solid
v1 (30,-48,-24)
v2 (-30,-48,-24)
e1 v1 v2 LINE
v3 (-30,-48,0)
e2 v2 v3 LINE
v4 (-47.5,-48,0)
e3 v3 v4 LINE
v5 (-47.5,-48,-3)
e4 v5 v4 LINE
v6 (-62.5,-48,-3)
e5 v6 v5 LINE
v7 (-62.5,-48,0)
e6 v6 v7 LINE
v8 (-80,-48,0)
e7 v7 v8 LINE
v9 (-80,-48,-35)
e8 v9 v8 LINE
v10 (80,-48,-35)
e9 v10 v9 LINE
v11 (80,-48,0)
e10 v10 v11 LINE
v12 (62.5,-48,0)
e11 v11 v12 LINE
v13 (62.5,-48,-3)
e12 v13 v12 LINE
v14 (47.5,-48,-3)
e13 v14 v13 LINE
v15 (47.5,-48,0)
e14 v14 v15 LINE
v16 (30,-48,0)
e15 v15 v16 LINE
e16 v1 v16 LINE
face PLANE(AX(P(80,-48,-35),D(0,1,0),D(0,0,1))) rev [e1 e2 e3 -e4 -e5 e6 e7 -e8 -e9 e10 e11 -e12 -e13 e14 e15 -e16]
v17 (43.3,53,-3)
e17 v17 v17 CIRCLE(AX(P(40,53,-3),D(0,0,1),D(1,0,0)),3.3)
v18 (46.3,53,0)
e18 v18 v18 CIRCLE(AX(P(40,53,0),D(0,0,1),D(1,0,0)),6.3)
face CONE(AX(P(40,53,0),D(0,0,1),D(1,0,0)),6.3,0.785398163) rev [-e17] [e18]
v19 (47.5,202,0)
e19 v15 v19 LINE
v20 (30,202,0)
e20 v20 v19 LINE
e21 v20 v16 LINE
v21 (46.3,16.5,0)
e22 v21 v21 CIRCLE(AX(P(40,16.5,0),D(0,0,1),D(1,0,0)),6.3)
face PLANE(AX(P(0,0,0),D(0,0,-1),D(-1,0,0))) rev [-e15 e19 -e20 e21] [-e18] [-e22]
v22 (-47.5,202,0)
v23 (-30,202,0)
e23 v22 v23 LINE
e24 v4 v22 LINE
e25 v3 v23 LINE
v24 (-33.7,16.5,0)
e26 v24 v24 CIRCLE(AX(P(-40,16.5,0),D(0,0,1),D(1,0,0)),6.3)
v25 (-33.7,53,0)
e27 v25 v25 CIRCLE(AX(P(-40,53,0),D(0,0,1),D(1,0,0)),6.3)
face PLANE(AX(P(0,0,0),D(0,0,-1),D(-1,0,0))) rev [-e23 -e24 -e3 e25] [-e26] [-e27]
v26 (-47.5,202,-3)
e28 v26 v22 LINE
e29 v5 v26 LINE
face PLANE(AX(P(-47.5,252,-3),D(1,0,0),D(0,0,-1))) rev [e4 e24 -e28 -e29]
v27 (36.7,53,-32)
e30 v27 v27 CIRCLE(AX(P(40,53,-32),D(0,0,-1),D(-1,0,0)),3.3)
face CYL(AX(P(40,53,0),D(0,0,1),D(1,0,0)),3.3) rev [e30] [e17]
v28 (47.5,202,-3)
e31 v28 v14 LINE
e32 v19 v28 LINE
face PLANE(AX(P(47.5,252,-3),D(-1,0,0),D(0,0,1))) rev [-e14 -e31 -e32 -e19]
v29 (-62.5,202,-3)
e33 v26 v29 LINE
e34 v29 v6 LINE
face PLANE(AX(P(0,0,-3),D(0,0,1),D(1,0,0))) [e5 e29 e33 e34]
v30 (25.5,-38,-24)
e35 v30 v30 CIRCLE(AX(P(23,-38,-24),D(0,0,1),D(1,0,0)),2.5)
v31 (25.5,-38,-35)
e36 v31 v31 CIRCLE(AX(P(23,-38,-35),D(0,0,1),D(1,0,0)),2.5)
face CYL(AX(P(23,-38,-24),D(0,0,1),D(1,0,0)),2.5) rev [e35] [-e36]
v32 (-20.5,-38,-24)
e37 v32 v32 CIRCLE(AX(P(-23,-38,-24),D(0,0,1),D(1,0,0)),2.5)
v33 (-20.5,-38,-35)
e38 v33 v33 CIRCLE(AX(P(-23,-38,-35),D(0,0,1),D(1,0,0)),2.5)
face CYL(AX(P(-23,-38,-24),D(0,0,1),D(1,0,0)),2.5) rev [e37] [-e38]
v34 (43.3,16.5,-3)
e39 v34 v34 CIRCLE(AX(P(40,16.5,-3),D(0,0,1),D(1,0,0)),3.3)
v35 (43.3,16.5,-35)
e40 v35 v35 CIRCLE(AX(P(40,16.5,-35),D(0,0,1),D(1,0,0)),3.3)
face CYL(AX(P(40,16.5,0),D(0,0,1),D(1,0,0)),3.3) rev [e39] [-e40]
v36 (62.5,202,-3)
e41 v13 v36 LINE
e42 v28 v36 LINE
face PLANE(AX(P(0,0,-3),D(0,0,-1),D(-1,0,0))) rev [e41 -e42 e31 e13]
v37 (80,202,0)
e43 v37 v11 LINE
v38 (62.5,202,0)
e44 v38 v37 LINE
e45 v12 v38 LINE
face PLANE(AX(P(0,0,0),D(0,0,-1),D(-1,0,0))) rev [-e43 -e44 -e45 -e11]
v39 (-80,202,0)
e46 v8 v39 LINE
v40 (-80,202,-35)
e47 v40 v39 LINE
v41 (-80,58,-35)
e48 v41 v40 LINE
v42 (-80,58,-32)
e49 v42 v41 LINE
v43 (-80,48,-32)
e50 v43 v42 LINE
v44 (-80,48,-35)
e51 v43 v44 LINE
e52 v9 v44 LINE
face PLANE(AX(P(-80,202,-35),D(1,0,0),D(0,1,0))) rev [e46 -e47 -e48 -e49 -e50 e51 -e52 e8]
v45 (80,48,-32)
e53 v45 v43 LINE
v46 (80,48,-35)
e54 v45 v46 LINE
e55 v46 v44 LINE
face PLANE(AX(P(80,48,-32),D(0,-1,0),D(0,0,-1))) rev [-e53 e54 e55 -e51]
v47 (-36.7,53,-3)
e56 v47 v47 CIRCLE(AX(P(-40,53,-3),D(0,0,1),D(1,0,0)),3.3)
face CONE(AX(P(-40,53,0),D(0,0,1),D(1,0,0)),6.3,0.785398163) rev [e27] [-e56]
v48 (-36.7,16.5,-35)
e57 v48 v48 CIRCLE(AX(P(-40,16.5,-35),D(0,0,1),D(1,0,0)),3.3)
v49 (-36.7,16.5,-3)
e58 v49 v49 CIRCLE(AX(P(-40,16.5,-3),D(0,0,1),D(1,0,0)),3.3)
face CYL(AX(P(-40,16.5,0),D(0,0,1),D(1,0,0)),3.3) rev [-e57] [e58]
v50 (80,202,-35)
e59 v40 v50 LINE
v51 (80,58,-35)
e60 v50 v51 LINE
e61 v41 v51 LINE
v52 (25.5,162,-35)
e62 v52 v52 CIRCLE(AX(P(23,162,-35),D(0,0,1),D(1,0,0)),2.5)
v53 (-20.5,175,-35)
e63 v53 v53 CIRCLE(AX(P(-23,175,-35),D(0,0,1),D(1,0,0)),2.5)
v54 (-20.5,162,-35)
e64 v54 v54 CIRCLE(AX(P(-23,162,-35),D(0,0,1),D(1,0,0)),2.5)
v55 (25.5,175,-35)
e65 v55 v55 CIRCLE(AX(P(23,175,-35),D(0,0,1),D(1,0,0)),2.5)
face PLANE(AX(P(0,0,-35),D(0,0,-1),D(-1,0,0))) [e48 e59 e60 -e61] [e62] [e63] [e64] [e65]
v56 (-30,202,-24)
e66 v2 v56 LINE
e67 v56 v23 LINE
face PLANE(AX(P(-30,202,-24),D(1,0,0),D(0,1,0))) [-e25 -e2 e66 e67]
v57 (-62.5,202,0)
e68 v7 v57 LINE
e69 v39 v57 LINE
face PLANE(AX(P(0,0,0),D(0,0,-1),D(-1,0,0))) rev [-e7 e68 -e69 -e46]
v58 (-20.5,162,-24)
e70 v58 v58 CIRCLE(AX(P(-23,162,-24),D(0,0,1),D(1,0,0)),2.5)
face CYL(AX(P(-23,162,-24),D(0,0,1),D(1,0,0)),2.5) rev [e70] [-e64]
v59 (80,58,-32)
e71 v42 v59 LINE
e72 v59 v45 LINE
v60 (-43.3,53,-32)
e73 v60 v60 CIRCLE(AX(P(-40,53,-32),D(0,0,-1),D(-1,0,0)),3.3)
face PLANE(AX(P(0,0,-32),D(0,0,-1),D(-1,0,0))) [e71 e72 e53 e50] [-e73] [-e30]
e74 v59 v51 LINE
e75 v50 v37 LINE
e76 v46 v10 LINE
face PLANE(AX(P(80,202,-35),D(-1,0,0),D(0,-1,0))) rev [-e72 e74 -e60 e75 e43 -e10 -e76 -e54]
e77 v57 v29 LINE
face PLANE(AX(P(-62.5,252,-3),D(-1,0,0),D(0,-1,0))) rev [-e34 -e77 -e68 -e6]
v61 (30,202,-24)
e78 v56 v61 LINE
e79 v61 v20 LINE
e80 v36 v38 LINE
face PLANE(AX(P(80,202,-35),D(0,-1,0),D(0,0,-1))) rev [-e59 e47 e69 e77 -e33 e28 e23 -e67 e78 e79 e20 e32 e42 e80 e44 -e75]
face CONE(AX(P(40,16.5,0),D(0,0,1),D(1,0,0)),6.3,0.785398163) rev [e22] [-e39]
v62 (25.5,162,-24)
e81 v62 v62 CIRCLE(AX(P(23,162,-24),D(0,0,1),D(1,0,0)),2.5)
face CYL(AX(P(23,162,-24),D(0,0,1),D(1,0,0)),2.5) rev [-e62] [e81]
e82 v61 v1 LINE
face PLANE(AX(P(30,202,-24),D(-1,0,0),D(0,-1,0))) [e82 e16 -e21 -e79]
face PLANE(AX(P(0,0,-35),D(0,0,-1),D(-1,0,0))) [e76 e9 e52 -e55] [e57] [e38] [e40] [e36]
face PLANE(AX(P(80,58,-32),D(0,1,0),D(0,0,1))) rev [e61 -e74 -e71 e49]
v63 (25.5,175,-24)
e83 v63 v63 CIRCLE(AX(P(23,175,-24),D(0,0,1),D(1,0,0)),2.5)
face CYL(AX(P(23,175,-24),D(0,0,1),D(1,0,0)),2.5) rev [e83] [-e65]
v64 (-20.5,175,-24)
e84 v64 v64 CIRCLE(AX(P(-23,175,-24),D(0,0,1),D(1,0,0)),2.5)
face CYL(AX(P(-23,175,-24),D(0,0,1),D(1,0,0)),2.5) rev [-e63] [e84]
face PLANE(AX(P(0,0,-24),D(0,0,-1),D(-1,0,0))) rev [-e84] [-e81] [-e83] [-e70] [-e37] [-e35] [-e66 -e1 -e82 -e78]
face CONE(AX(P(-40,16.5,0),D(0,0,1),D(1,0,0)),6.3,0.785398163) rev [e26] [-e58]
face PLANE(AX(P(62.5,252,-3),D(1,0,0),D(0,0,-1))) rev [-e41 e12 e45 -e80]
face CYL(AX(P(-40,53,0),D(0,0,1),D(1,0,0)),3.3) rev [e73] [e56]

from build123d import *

# Parameters (mm, degrees)
SKETCH_9_W                 = 160
SKETCH_9_H                 = 250
EXTRUDE_499_DEPTH          = 35
SKETCH_14_W                = 160
SKETCH_14_H                = 10
CUT_EXTRUDE_746_DEPTH      = 3
HOLE_WIZARD_M6_D           = 6.6
HOLE_WIZARD_M6_CSINK_D     = 12.6
HOLE_WIZARD_M6_CSINK_ANGLE = 90
SKETCH_11_W                = 60
SKETCH_11_H                = 250
CUT_EXTRUDE_2132_DEPTH     = 24
SKETCH_15_W                = 15
SKETCH_15_H                = 300
CUT_EXTRUDE_2595_DEPTH     = 3
HOLE_WIZARD_M6_2_D         = 5
HOLE_WIZARD_3653_D         = 5


with BuildPart() as part:
    # Эскиз9 → Extrude 499 (new body)
    with BuildSketch(Plane(origin=(-20, 0, 0), x_dir=(-1, 0, 0), z_dir=(0, 0, -1))):
        with Locations((-20, 77)):
            Rectangle(SKETCH_9_W, SKETCH_9_H)
    extrude(amount=EXTRUDE_499_DEPTH)

    # Эскиз14 → Cut-Extrude 746 (cut)
    with BuildSketch(Plane(origin=(0, 0, -35), x_dir=(-1, 0, 0), z_dir=(0, 0, -1))):
        with Locations((0, 53)):
            Rectangle(SKETCH_14_W, SKETCH_14_H)
    extrude(amount=-CUT_EXTRUDE_746_DEPTH, mode=Mode.SUBTRACT)

    # Hole Wizard M6 (through all)
    with Locations(Plane.XY):
        with Locations((-40, 53), (40, 53), (-40, 16.5), (40, 16.5)):
            CounterSinkHole(HOLE_WIZARD_M6_D / 2, HOLE_WIZARD_M6_CSINK_D / 2, counter_sink_angle=HOLE_WIZARD_M6_CSINK_ANGLE)

    # Эскиз11 → Cut-Extrude 2132 (cut)
    with BuildSketch(Plane(origin=(0, 0, 0), x_dir=(-1, 0, 0), z_dir=(0, 0, -1))):
        with Locations((0, 77)):
            Rectangle(SKETCH_11_W, SKETCH_11_H)
    extrude(amount=CUT_EXTRUDE_2132_DEPTH, mode=Mode.SUBTRACT)

    # Эскиз15 → Cut-Extrude 2595 (cut)
    with BuildSketch(Plane.XY):
        with Locations((-55, 102)):
            Rectangle(SKETCH_15_W, SKETCH_15_H)
        with Locations((55, 102)):
            Rectangle(SKETCH_15_W, SKETCH_15_H)
    extrude(amount=-CUT_EXTRUDE_2595_DEPTH, mode=Mode.SUBTRACT)

    # Hole Wizard M6 2 (through all)
    with Locations(Plane.XY.offset(-24)):
        with Locations((-23, -38), (23, -38)):
            Hole(HOLE_WIZARD_M6_2_D / 2)

    # Hole Wizard 3653 (through all)
    with Locations(Plane.XY.offset(-24)):
        with Locations((-23, 162), (23, 162), (-23, 175), (23, 175)):
            Hole(HOLE_WIZARD_3653_D / 2)


solid = part.part
